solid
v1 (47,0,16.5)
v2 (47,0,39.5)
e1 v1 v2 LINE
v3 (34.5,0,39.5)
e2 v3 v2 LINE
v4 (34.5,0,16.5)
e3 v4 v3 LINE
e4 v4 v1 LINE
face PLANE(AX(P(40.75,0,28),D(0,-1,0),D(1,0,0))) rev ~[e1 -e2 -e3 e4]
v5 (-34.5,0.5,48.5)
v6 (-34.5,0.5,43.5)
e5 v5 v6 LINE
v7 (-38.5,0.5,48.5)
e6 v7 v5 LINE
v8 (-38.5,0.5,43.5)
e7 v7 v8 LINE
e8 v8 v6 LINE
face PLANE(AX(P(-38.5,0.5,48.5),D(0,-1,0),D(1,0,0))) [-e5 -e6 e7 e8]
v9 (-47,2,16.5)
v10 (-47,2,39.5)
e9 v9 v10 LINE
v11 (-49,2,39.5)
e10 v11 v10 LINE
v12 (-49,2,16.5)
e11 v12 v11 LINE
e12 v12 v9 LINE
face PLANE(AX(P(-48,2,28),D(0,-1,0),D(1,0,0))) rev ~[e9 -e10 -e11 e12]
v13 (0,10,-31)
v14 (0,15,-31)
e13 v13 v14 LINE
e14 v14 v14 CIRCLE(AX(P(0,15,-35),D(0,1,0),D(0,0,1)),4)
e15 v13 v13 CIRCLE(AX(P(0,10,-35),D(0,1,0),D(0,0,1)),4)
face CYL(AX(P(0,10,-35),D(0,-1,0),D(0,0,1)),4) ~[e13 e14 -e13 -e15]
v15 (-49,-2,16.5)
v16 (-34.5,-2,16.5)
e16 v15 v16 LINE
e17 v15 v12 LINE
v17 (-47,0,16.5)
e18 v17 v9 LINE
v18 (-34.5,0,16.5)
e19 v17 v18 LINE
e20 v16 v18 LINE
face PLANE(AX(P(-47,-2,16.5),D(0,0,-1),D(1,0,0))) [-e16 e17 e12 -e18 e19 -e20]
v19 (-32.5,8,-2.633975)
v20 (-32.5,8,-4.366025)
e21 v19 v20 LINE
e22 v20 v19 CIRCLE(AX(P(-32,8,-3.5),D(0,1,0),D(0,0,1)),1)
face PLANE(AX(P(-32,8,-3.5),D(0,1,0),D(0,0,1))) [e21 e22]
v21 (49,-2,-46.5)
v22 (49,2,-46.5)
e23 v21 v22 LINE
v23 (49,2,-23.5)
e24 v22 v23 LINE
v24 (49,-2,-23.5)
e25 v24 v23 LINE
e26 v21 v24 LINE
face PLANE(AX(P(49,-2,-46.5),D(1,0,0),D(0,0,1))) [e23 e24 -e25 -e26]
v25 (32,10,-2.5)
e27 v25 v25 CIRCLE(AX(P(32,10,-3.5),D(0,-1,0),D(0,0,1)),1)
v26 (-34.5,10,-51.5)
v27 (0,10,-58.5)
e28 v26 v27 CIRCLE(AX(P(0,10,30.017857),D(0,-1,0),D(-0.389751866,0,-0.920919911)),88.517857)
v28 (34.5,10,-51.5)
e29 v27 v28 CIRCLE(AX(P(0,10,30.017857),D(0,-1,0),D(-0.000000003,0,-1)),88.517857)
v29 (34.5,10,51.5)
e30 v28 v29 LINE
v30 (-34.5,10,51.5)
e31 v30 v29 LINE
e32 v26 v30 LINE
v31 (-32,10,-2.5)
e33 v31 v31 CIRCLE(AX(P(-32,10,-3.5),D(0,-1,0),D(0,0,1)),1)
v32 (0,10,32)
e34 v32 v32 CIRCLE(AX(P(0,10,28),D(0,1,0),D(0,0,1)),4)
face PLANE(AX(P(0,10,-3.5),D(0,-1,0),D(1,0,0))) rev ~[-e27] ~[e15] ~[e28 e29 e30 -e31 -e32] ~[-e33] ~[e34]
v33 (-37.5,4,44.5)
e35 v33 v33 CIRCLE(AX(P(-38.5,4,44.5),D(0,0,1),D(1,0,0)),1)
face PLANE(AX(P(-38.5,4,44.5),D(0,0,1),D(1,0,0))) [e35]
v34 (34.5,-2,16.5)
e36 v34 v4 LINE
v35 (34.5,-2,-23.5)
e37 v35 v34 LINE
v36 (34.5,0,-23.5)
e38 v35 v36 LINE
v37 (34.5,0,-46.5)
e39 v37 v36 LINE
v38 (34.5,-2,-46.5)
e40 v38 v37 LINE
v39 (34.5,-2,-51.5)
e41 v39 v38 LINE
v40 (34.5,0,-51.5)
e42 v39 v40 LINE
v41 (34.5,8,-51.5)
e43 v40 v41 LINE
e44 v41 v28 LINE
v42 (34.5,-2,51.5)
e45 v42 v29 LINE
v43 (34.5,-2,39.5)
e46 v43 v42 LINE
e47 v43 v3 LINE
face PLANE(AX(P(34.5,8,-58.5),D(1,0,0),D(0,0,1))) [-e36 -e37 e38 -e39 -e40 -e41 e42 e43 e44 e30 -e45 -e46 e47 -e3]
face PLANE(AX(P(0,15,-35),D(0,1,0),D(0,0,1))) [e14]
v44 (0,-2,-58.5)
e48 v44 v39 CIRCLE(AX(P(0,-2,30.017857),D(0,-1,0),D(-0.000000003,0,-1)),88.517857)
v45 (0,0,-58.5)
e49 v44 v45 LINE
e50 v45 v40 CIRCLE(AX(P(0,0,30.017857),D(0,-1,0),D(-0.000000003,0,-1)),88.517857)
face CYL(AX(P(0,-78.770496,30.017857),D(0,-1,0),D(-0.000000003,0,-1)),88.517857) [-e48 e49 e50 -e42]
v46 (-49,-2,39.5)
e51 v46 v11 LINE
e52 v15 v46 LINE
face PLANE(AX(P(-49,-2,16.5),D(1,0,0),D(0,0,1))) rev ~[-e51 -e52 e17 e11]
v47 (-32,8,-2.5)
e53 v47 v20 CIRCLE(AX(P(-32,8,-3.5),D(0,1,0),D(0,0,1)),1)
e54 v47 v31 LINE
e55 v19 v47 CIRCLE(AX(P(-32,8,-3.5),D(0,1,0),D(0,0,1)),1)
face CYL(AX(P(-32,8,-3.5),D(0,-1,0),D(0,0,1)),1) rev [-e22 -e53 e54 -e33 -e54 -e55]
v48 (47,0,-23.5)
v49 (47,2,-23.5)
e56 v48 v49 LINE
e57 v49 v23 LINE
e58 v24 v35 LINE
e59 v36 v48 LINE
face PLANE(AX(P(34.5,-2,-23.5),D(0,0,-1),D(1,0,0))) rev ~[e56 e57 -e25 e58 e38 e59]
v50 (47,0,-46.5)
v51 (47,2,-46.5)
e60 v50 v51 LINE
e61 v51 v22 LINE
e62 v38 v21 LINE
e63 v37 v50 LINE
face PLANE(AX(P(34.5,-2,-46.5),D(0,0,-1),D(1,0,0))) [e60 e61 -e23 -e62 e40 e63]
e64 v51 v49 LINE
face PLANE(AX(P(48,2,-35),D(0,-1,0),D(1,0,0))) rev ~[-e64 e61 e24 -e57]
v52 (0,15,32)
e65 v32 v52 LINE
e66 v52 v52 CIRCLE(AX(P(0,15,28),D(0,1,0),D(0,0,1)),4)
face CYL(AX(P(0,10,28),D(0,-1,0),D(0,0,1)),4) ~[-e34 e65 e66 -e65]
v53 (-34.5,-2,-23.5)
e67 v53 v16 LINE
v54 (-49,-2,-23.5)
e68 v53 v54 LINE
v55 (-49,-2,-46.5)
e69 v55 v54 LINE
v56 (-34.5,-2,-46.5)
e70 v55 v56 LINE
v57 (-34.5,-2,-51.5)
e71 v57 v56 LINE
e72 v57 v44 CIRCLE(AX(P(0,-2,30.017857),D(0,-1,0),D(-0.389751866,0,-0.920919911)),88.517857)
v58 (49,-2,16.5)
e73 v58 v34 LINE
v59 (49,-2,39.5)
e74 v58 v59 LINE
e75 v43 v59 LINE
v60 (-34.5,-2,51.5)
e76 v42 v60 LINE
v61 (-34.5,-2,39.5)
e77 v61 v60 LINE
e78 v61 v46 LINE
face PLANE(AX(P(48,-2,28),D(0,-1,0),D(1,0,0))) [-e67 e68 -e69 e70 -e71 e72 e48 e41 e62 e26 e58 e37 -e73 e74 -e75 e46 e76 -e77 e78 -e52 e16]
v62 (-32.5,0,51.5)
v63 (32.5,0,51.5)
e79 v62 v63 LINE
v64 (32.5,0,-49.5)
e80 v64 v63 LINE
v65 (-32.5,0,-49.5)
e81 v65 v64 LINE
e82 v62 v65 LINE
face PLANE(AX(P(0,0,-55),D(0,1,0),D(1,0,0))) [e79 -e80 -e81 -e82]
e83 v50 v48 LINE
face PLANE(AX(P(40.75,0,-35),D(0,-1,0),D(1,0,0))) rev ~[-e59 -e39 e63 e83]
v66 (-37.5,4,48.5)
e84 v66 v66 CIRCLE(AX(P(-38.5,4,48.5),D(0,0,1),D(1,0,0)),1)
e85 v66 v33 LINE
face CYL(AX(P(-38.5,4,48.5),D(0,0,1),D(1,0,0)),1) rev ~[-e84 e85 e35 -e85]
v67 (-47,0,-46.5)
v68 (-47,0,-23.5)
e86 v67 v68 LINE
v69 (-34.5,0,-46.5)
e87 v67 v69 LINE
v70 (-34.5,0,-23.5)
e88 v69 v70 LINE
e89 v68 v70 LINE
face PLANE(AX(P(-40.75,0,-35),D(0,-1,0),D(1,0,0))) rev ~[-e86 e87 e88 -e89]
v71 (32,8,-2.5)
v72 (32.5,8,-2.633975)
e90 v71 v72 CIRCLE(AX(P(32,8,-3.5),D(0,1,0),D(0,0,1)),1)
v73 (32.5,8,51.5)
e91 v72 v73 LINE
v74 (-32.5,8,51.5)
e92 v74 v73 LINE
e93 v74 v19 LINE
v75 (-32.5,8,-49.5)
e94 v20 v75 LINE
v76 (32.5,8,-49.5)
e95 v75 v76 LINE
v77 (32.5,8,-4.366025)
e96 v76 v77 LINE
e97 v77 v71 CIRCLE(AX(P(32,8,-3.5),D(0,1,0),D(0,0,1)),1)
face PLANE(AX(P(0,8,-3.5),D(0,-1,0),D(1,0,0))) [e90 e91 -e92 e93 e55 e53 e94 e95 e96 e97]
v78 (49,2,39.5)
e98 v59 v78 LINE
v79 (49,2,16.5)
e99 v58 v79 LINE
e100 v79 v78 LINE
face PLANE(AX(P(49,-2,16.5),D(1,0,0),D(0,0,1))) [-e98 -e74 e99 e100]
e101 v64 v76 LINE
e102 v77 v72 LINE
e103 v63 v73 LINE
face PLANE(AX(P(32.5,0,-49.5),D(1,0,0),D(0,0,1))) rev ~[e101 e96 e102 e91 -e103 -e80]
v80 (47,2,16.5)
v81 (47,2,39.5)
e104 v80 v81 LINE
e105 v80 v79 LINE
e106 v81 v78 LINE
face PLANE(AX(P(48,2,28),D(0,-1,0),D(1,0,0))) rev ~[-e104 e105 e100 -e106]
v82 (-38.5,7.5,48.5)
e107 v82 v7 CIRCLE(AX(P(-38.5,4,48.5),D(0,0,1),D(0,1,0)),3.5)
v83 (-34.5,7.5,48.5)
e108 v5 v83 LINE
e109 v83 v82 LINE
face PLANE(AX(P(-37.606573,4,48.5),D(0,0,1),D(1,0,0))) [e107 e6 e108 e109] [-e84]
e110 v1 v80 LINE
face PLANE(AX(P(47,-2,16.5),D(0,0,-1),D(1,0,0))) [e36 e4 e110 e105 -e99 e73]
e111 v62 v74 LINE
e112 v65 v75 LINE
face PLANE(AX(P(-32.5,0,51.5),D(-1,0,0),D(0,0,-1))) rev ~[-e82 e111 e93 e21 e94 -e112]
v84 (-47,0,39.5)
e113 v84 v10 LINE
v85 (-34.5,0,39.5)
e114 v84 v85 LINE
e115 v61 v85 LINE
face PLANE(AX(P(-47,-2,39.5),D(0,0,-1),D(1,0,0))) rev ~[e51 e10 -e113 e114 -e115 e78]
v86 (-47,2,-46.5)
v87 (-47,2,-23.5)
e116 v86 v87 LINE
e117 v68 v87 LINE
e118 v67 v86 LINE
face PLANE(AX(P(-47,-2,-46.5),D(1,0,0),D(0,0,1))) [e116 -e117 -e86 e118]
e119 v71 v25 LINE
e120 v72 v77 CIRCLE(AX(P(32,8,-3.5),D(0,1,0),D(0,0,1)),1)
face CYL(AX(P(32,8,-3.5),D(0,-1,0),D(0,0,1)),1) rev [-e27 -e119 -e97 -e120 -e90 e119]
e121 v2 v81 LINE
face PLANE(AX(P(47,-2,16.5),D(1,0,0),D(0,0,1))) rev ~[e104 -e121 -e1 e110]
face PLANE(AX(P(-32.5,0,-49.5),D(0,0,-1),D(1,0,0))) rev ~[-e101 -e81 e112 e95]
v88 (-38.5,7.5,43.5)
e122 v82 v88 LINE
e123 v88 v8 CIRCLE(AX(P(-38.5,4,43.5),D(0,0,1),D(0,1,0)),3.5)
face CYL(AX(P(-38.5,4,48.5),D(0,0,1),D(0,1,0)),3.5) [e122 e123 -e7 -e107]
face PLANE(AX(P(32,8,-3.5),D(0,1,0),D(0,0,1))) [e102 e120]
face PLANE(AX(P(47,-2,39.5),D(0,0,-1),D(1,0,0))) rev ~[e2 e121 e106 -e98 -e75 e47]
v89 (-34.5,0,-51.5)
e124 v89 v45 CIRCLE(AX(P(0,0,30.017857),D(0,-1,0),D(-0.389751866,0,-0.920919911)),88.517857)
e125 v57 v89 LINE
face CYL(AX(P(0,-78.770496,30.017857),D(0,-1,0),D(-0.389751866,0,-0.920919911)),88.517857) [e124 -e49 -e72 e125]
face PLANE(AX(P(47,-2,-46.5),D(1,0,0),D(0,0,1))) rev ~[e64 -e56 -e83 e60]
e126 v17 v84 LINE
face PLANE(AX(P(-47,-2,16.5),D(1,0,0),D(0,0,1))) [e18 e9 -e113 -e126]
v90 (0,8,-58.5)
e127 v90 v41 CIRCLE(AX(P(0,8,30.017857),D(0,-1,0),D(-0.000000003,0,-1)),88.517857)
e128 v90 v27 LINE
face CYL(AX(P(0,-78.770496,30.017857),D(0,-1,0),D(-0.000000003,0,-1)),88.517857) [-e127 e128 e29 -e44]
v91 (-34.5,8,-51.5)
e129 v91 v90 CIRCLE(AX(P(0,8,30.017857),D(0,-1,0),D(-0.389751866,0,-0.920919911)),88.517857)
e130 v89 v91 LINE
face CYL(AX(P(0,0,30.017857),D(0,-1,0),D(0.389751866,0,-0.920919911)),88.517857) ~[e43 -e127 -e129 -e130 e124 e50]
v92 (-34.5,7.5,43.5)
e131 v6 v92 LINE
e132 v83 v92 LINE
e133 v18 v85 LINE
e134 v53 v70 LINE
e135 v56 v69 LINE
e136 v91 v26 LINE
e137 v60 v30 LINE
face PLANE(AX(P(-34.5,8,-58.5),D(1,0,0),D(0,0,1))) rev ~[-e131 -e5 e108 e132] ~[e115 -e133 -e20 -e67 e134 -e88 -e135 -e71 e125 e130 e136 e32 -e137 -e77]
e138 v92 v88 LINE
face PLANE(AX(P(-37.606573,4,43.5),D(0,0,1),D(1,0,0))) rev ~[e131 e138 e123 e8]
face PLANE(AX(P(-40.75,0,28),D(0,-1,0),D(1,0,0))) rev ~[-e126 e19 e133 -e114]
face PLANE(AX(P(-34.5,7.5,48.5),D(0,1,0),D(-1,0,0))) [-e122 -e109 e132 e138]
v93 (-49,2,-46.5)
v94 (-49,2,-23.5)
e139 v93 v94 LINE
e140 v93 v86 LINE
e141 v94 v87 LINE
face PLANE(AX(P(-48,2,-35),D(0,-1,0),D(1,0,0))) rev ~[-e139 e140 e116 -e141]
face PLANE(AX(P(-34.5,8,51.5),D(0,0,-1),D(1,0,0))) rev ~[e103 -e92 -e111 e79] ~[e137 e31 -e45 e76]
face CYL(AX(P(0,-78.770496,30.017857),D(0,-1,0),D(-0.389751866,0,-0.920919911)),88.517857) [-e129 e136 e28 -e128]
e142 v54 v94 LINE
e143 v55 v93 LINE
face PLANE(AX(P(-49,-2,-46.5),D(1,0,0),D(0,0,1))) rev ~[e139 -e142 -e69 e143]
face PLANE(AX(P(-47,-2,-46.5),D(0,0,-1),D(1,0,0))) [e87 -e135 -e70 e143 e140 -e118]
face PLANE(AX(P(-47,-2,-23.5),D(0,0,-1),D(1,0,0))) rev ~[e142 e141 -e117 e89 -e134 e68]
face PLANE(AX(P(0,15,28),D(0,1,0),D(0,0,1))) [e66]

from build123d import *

# Parameters (mm, degrees)
CROQUIS1_W                 = 69
CROQUIS1_H                 = 103
CROQUIS1_W_2               = 65
CROQUIS1_H_2               = 99
CROQUIS1_W_3               = 63
CROQUIS1_H_3               = 97
CROQUIS1_H_4               = 2
CROQUIS1_H_5               = 7
SALIENTE_EXTRUIR1_DEPTH    = 2
SALIENTE_EXTRUIR2_DEPTH    = 8
SALIENTE_EXTRUIR3_START    = -10
CROQUIS3_W                 = 69
CROQUIS3_H                 = 110
SALIENTE_EXTRUIR3_DEPTH    = 2
CROQUIS5_W                 = 12.5
CROQUIS5_H                 = 23
SALIENTE_EXTRUIR4_DEPTH    = 2
CROQUIS5_3_W               = 2
CROQUIS5_3_H               = 23
SALIENTE_EXTRUIR5_DEPTH    = 4
CORTAR_EXTRUIR1_DEPTH      = 78.24797732
CORTAR_EXTRUIR1_DEPTH_BACK = 2
CROQUIS6_R                 = 1
CROQUIS7_R                 = 4
SALIENTE_EXTRUIR6_DEPTH    = 5
CORTAR_EXTRUIR2_DEPTH      = 78.770495691
CORTAR_EXTRUIR2_DEPTH_BACK = 78.770495691
SALIENTE_EXTRUIR7_REACH    = 79.77
SALIENTE_EXTRUIR8_START    = -3
SALIENTE_EXTRUIR8_DEPTH    = 5
CORTAR_EXTRUIR3_START      = -3
CROQUIS10_3_R              = 1
CORTAR_EXTRUIR3_DEPTH      = 4


with BuildPart() as part:
    # Croquis1 → Saliente-Extruir1 (new body)
    # profile 1 of 6: a face of its own
    with BuildSketch(Plane(origin=(0, 0, 0), x_dir=(1, 0, 0), z_dir=(0, 1, 0))):
        Rectangle(CROQUIS1_W, CROQUIS1_H)
        Rectangle(CROQUIS1_W_2, CROQUIS1_H_2, mode=Mode.SUBTRACT)
    # profile 2 of 6: a face of its own
    with BuildSketch(Plane(origin=(0, 0, 0), x_dir=(1, 0, 0), z_dir=(0, 1, 0))):
        Rectangle(CROQUIS1_W_2, CROQUIS1_H_2)
        Rectangle(CROQUIS1_W_3, CROQUIS1_H_3, mode=Mode.SUBTRACT)
    # profile 3 of 6: a face of its own
    with BuildSketch(Plane(origin=(0, 0, 0), x_dir=(1, 0, 0), z_dir=(0, 1, 0))):
        Polygon((-31.5, 48.5), (31.5, 48.5), (31.5, -48.5), align=None)
    # profile 4 of 6: a face of its own
    with BuildSketch(Plane(origin=(0, 0, 0), x_dir=(1, 0, 0), z_dir=(0, 1, 0))):
        Polygon((-31.5, 48.5), (31.5, -48.5), (-31.5, -48.5), align=None)
    # profile 5 of 6: a face of its own
    with BuildSketch(Plane(origin=(0, 0, 0), x_dir=(1, 0, 0), z_dir=(0, 1, 0))):
        with Locations((0, -50.5)):
            Rectangle(CROQUIS1_W_2, CROQUIS1_H_4)
    # profile 6 of 6: a face of its own
    with BuildSketch(Plane(origin=(0, 0, 0), x_dir=(1, 0, 0), z_dir=(0, 1, 0))):
        with Locations((0, 55)):
            Rectangle(CROQUIS1_W, CROQUIS1_H_5)
    extrude(amount=-SALIENTE_EXTRUIR1_DEPTH)

    # Croquis1<3> → Saliente-Extruir2 (add)
    with BuildSketch(Plane(origin=(0, 0, 0), x_dir=(1, 0, 0), z_dir=(0, 1, 0))):
        Polygon((-32.5, -49.5), (-32.5, 49.5), (32.5, 49.5), (32.5, -49.5), (32.5, -51.5), (34.5, -51.5), (34.5, 51.5), (-34.5, 51.5), (-34.5, -51.5), (-32.5, -51.5), align=None)
    extrude(amount=SALIENTE_EXTRUIR2_DEPTH)

    # Croquis3 → Saliente-Extruir3 (add)
    with BuildSketch(Plane.XZ.offset(2).offset(SALIENTE_EXTRUIR3_START)):
        with Locations((0, -3.5)):
            Rectangle(CROQUIS3_W, CROQUIS3_H)
    extrude(amount=-SALIENTE_EXTRUIR3_DEPTH)

    # Croquis5 → Saliente-Extruir4 (add)
    with BuildSketch(Plane.XZ.offset(2)):
        with Locations((-40.75, 28)):
            Rectangle(CROQUIS5_W, CROQUIS5_H)
        with Locations((40.75, 28)):
            Rectangle(CROQUIS5_W, CROQUIS5_H)
        with Locations((40.75, -35)):
            Rectangle(CROQUIS5_W, CROQUIS5_H)
        with Locations((-40.75, -35)):
            Rectangle(CROQUIS5_W, CROQUIS5_H)
    extrude(amount=-SALIENTE_EXTRUIR4_DEPTH)

    # Croquis5<3> → Saliente-Extruir5 (add)
    with BuildSketch(Plane.XZ.offset(2)):
        with Locations((48, 28)):
            Rectangle(CROQUIS5_3_W, CROQUIS5_3_H)
        with Locations((48, -35)):
            Rectangle(CROQUIS5_3_W, CROQUIS5_3_H)
        with Locations((-48, -35)):
            Rectangle(CROQUIS5_3_W, CROQUIS5_3_H)
        with Locations((-48, 28)):
            Rectangle(CROQUIS5_3_W, CROQUIS5_3_H)
    extrude(amount=-SALIENTE_EXTRUIR5_DEPTH)

    # Croquis6 → Cortar-Extruir1 (cut, two sides: drawn at the far end of the back side and taken through both)
    with BuildSketch(Plane(origin=(0, 10, 0), x_dir=(1, 0, 0), z_dir=(0, 1, 0)).offset(-CORTAR_EXTRUIR1_DEPTH_BACK)):
        with Locations(Location((32, 3.5, 0), (0, 0, 270))):
            Circle(CROQUIS6_R)
        with Locations(Location((-32, 3.5, 0), (0, 0, 270))):
            Circle(CROQUIS6_R)
    extrude(amount=CORTAR_EXTRUIR1_DEPTH + CORTAR_EXTRUIR1_DEPTH_BACK, mode=Mode.SUBTRACT)

    # Croquis7 → Saliente-Extruir6 (add)
    with BuildSketch(Plane(origin=(0, 10, 0), x_dir=(1, 0, 0), z_dir=(0, 1, 0))):
        with Locations(Location((0, 35, 0), (0, 0, 270))):
            Circle(CROQUIS7_R)
        with Locations(Location((0, -28, 0), (0, 0, 270))):
            Circle(CROQUIS7_R)
    extrude(amount=SALIENTE_EXTRUIR6_DEPTH)

    # Croquis8 → Cortar-Extruir2 (cut, two sides: drawn at the far end of the back side and taken through both)
    with BuildSketch(Plane(origin=(0, 0, 0), x_dir=(1, 0, 0), z_dir=(0, 1, 0)).offset(-CORTAR_EXTRUIR2_DEPTH_BACK)):
        with BuildLine():
            Line((-34.5, 58.5), (-34.5, 51.5))
            ThreePointArc((-34.5, 51.5), (-17.601491564, 56.73235051), (-3.06e-07, 58.5))
            Line((-3.06e-07, 58.5), (-34.5, 58.5))
        make_face()
        with BuildLine():
            Line((34.5, 58.5), (-3.06e-07, 58.5))
            ThreePointArc((-3.06e-07, 58.5), (17.601491264, 56.732350571), (34.5, 51.5))
            Line((34.5, 51.5), (34.5, 58.5))
        make_face()
    extrude(amount=CORTAR_EXTRUIR2_DEPTH + CORTAR_EXTRUIR2_DEPTH_BACK, mode=Mode.SUBTRACT)

    # Croquis9 → Saliente-Extruir7 (add, up to next)
    with BuildSketch(Plane(origin=(0, 0, 0), x_dir=(1, 0, 0), z_dir=(0, 1, 0)), mode=Mode.PRIVATE) as saliente_extruir7_sk1:
        with BuildLine():
            Line((-34.5, 51.5), (34.5, 51.5))
            ThreePointArc((34.5, 51.5), (0, 58.5), (-34.5, 51.5))
        make_face()
    saliente_extruir7_tool1 = extrude(saliente_extruir7_sk1.sketch, amount=SALIENTE_EXTRUIR7_REACH, mode=Mode.PRIVATE) - part.part
    add(saliente_extruir7_tool1.solids().sort_by_distance((0, 0, -54.309712))[0])

    # Croquis10 → Saliente-Extruir8 (add)
    with BuildSketch(Plane.XY.offset(51.5).offset(SALIENTE_EXTRUIR8_START)):
        with BuildLine():
            Line((-38.5, 0.5), (-34.5, 0.5))
            Line((-34.5, 0.5), (-34.5, 7.5))
            Line((-34.5, 7.5), (-38.5, 7.5))
            ThreePointArc((-38.5, 7.5), (-42, 4), (-38.5, 0.5))
        make_face()
    extrude(amount=-SALIENTE_EXTRUIR8_DEPTH)

    # Croquis10<3> → Cortar-Extruir3 (cut)
    with BuildSketch(Plane.XY.offset(51.5).offset(CORTAR_EXTRUIR3_START)):
        with Locations((-38.5, 4)):
            Circle(CROQUIS10_3_R)
    extrude(amount=-CORTAR_EXTRUIR3_DEPTH, mode=Mode.SUBTRACT)


solid = part.part
